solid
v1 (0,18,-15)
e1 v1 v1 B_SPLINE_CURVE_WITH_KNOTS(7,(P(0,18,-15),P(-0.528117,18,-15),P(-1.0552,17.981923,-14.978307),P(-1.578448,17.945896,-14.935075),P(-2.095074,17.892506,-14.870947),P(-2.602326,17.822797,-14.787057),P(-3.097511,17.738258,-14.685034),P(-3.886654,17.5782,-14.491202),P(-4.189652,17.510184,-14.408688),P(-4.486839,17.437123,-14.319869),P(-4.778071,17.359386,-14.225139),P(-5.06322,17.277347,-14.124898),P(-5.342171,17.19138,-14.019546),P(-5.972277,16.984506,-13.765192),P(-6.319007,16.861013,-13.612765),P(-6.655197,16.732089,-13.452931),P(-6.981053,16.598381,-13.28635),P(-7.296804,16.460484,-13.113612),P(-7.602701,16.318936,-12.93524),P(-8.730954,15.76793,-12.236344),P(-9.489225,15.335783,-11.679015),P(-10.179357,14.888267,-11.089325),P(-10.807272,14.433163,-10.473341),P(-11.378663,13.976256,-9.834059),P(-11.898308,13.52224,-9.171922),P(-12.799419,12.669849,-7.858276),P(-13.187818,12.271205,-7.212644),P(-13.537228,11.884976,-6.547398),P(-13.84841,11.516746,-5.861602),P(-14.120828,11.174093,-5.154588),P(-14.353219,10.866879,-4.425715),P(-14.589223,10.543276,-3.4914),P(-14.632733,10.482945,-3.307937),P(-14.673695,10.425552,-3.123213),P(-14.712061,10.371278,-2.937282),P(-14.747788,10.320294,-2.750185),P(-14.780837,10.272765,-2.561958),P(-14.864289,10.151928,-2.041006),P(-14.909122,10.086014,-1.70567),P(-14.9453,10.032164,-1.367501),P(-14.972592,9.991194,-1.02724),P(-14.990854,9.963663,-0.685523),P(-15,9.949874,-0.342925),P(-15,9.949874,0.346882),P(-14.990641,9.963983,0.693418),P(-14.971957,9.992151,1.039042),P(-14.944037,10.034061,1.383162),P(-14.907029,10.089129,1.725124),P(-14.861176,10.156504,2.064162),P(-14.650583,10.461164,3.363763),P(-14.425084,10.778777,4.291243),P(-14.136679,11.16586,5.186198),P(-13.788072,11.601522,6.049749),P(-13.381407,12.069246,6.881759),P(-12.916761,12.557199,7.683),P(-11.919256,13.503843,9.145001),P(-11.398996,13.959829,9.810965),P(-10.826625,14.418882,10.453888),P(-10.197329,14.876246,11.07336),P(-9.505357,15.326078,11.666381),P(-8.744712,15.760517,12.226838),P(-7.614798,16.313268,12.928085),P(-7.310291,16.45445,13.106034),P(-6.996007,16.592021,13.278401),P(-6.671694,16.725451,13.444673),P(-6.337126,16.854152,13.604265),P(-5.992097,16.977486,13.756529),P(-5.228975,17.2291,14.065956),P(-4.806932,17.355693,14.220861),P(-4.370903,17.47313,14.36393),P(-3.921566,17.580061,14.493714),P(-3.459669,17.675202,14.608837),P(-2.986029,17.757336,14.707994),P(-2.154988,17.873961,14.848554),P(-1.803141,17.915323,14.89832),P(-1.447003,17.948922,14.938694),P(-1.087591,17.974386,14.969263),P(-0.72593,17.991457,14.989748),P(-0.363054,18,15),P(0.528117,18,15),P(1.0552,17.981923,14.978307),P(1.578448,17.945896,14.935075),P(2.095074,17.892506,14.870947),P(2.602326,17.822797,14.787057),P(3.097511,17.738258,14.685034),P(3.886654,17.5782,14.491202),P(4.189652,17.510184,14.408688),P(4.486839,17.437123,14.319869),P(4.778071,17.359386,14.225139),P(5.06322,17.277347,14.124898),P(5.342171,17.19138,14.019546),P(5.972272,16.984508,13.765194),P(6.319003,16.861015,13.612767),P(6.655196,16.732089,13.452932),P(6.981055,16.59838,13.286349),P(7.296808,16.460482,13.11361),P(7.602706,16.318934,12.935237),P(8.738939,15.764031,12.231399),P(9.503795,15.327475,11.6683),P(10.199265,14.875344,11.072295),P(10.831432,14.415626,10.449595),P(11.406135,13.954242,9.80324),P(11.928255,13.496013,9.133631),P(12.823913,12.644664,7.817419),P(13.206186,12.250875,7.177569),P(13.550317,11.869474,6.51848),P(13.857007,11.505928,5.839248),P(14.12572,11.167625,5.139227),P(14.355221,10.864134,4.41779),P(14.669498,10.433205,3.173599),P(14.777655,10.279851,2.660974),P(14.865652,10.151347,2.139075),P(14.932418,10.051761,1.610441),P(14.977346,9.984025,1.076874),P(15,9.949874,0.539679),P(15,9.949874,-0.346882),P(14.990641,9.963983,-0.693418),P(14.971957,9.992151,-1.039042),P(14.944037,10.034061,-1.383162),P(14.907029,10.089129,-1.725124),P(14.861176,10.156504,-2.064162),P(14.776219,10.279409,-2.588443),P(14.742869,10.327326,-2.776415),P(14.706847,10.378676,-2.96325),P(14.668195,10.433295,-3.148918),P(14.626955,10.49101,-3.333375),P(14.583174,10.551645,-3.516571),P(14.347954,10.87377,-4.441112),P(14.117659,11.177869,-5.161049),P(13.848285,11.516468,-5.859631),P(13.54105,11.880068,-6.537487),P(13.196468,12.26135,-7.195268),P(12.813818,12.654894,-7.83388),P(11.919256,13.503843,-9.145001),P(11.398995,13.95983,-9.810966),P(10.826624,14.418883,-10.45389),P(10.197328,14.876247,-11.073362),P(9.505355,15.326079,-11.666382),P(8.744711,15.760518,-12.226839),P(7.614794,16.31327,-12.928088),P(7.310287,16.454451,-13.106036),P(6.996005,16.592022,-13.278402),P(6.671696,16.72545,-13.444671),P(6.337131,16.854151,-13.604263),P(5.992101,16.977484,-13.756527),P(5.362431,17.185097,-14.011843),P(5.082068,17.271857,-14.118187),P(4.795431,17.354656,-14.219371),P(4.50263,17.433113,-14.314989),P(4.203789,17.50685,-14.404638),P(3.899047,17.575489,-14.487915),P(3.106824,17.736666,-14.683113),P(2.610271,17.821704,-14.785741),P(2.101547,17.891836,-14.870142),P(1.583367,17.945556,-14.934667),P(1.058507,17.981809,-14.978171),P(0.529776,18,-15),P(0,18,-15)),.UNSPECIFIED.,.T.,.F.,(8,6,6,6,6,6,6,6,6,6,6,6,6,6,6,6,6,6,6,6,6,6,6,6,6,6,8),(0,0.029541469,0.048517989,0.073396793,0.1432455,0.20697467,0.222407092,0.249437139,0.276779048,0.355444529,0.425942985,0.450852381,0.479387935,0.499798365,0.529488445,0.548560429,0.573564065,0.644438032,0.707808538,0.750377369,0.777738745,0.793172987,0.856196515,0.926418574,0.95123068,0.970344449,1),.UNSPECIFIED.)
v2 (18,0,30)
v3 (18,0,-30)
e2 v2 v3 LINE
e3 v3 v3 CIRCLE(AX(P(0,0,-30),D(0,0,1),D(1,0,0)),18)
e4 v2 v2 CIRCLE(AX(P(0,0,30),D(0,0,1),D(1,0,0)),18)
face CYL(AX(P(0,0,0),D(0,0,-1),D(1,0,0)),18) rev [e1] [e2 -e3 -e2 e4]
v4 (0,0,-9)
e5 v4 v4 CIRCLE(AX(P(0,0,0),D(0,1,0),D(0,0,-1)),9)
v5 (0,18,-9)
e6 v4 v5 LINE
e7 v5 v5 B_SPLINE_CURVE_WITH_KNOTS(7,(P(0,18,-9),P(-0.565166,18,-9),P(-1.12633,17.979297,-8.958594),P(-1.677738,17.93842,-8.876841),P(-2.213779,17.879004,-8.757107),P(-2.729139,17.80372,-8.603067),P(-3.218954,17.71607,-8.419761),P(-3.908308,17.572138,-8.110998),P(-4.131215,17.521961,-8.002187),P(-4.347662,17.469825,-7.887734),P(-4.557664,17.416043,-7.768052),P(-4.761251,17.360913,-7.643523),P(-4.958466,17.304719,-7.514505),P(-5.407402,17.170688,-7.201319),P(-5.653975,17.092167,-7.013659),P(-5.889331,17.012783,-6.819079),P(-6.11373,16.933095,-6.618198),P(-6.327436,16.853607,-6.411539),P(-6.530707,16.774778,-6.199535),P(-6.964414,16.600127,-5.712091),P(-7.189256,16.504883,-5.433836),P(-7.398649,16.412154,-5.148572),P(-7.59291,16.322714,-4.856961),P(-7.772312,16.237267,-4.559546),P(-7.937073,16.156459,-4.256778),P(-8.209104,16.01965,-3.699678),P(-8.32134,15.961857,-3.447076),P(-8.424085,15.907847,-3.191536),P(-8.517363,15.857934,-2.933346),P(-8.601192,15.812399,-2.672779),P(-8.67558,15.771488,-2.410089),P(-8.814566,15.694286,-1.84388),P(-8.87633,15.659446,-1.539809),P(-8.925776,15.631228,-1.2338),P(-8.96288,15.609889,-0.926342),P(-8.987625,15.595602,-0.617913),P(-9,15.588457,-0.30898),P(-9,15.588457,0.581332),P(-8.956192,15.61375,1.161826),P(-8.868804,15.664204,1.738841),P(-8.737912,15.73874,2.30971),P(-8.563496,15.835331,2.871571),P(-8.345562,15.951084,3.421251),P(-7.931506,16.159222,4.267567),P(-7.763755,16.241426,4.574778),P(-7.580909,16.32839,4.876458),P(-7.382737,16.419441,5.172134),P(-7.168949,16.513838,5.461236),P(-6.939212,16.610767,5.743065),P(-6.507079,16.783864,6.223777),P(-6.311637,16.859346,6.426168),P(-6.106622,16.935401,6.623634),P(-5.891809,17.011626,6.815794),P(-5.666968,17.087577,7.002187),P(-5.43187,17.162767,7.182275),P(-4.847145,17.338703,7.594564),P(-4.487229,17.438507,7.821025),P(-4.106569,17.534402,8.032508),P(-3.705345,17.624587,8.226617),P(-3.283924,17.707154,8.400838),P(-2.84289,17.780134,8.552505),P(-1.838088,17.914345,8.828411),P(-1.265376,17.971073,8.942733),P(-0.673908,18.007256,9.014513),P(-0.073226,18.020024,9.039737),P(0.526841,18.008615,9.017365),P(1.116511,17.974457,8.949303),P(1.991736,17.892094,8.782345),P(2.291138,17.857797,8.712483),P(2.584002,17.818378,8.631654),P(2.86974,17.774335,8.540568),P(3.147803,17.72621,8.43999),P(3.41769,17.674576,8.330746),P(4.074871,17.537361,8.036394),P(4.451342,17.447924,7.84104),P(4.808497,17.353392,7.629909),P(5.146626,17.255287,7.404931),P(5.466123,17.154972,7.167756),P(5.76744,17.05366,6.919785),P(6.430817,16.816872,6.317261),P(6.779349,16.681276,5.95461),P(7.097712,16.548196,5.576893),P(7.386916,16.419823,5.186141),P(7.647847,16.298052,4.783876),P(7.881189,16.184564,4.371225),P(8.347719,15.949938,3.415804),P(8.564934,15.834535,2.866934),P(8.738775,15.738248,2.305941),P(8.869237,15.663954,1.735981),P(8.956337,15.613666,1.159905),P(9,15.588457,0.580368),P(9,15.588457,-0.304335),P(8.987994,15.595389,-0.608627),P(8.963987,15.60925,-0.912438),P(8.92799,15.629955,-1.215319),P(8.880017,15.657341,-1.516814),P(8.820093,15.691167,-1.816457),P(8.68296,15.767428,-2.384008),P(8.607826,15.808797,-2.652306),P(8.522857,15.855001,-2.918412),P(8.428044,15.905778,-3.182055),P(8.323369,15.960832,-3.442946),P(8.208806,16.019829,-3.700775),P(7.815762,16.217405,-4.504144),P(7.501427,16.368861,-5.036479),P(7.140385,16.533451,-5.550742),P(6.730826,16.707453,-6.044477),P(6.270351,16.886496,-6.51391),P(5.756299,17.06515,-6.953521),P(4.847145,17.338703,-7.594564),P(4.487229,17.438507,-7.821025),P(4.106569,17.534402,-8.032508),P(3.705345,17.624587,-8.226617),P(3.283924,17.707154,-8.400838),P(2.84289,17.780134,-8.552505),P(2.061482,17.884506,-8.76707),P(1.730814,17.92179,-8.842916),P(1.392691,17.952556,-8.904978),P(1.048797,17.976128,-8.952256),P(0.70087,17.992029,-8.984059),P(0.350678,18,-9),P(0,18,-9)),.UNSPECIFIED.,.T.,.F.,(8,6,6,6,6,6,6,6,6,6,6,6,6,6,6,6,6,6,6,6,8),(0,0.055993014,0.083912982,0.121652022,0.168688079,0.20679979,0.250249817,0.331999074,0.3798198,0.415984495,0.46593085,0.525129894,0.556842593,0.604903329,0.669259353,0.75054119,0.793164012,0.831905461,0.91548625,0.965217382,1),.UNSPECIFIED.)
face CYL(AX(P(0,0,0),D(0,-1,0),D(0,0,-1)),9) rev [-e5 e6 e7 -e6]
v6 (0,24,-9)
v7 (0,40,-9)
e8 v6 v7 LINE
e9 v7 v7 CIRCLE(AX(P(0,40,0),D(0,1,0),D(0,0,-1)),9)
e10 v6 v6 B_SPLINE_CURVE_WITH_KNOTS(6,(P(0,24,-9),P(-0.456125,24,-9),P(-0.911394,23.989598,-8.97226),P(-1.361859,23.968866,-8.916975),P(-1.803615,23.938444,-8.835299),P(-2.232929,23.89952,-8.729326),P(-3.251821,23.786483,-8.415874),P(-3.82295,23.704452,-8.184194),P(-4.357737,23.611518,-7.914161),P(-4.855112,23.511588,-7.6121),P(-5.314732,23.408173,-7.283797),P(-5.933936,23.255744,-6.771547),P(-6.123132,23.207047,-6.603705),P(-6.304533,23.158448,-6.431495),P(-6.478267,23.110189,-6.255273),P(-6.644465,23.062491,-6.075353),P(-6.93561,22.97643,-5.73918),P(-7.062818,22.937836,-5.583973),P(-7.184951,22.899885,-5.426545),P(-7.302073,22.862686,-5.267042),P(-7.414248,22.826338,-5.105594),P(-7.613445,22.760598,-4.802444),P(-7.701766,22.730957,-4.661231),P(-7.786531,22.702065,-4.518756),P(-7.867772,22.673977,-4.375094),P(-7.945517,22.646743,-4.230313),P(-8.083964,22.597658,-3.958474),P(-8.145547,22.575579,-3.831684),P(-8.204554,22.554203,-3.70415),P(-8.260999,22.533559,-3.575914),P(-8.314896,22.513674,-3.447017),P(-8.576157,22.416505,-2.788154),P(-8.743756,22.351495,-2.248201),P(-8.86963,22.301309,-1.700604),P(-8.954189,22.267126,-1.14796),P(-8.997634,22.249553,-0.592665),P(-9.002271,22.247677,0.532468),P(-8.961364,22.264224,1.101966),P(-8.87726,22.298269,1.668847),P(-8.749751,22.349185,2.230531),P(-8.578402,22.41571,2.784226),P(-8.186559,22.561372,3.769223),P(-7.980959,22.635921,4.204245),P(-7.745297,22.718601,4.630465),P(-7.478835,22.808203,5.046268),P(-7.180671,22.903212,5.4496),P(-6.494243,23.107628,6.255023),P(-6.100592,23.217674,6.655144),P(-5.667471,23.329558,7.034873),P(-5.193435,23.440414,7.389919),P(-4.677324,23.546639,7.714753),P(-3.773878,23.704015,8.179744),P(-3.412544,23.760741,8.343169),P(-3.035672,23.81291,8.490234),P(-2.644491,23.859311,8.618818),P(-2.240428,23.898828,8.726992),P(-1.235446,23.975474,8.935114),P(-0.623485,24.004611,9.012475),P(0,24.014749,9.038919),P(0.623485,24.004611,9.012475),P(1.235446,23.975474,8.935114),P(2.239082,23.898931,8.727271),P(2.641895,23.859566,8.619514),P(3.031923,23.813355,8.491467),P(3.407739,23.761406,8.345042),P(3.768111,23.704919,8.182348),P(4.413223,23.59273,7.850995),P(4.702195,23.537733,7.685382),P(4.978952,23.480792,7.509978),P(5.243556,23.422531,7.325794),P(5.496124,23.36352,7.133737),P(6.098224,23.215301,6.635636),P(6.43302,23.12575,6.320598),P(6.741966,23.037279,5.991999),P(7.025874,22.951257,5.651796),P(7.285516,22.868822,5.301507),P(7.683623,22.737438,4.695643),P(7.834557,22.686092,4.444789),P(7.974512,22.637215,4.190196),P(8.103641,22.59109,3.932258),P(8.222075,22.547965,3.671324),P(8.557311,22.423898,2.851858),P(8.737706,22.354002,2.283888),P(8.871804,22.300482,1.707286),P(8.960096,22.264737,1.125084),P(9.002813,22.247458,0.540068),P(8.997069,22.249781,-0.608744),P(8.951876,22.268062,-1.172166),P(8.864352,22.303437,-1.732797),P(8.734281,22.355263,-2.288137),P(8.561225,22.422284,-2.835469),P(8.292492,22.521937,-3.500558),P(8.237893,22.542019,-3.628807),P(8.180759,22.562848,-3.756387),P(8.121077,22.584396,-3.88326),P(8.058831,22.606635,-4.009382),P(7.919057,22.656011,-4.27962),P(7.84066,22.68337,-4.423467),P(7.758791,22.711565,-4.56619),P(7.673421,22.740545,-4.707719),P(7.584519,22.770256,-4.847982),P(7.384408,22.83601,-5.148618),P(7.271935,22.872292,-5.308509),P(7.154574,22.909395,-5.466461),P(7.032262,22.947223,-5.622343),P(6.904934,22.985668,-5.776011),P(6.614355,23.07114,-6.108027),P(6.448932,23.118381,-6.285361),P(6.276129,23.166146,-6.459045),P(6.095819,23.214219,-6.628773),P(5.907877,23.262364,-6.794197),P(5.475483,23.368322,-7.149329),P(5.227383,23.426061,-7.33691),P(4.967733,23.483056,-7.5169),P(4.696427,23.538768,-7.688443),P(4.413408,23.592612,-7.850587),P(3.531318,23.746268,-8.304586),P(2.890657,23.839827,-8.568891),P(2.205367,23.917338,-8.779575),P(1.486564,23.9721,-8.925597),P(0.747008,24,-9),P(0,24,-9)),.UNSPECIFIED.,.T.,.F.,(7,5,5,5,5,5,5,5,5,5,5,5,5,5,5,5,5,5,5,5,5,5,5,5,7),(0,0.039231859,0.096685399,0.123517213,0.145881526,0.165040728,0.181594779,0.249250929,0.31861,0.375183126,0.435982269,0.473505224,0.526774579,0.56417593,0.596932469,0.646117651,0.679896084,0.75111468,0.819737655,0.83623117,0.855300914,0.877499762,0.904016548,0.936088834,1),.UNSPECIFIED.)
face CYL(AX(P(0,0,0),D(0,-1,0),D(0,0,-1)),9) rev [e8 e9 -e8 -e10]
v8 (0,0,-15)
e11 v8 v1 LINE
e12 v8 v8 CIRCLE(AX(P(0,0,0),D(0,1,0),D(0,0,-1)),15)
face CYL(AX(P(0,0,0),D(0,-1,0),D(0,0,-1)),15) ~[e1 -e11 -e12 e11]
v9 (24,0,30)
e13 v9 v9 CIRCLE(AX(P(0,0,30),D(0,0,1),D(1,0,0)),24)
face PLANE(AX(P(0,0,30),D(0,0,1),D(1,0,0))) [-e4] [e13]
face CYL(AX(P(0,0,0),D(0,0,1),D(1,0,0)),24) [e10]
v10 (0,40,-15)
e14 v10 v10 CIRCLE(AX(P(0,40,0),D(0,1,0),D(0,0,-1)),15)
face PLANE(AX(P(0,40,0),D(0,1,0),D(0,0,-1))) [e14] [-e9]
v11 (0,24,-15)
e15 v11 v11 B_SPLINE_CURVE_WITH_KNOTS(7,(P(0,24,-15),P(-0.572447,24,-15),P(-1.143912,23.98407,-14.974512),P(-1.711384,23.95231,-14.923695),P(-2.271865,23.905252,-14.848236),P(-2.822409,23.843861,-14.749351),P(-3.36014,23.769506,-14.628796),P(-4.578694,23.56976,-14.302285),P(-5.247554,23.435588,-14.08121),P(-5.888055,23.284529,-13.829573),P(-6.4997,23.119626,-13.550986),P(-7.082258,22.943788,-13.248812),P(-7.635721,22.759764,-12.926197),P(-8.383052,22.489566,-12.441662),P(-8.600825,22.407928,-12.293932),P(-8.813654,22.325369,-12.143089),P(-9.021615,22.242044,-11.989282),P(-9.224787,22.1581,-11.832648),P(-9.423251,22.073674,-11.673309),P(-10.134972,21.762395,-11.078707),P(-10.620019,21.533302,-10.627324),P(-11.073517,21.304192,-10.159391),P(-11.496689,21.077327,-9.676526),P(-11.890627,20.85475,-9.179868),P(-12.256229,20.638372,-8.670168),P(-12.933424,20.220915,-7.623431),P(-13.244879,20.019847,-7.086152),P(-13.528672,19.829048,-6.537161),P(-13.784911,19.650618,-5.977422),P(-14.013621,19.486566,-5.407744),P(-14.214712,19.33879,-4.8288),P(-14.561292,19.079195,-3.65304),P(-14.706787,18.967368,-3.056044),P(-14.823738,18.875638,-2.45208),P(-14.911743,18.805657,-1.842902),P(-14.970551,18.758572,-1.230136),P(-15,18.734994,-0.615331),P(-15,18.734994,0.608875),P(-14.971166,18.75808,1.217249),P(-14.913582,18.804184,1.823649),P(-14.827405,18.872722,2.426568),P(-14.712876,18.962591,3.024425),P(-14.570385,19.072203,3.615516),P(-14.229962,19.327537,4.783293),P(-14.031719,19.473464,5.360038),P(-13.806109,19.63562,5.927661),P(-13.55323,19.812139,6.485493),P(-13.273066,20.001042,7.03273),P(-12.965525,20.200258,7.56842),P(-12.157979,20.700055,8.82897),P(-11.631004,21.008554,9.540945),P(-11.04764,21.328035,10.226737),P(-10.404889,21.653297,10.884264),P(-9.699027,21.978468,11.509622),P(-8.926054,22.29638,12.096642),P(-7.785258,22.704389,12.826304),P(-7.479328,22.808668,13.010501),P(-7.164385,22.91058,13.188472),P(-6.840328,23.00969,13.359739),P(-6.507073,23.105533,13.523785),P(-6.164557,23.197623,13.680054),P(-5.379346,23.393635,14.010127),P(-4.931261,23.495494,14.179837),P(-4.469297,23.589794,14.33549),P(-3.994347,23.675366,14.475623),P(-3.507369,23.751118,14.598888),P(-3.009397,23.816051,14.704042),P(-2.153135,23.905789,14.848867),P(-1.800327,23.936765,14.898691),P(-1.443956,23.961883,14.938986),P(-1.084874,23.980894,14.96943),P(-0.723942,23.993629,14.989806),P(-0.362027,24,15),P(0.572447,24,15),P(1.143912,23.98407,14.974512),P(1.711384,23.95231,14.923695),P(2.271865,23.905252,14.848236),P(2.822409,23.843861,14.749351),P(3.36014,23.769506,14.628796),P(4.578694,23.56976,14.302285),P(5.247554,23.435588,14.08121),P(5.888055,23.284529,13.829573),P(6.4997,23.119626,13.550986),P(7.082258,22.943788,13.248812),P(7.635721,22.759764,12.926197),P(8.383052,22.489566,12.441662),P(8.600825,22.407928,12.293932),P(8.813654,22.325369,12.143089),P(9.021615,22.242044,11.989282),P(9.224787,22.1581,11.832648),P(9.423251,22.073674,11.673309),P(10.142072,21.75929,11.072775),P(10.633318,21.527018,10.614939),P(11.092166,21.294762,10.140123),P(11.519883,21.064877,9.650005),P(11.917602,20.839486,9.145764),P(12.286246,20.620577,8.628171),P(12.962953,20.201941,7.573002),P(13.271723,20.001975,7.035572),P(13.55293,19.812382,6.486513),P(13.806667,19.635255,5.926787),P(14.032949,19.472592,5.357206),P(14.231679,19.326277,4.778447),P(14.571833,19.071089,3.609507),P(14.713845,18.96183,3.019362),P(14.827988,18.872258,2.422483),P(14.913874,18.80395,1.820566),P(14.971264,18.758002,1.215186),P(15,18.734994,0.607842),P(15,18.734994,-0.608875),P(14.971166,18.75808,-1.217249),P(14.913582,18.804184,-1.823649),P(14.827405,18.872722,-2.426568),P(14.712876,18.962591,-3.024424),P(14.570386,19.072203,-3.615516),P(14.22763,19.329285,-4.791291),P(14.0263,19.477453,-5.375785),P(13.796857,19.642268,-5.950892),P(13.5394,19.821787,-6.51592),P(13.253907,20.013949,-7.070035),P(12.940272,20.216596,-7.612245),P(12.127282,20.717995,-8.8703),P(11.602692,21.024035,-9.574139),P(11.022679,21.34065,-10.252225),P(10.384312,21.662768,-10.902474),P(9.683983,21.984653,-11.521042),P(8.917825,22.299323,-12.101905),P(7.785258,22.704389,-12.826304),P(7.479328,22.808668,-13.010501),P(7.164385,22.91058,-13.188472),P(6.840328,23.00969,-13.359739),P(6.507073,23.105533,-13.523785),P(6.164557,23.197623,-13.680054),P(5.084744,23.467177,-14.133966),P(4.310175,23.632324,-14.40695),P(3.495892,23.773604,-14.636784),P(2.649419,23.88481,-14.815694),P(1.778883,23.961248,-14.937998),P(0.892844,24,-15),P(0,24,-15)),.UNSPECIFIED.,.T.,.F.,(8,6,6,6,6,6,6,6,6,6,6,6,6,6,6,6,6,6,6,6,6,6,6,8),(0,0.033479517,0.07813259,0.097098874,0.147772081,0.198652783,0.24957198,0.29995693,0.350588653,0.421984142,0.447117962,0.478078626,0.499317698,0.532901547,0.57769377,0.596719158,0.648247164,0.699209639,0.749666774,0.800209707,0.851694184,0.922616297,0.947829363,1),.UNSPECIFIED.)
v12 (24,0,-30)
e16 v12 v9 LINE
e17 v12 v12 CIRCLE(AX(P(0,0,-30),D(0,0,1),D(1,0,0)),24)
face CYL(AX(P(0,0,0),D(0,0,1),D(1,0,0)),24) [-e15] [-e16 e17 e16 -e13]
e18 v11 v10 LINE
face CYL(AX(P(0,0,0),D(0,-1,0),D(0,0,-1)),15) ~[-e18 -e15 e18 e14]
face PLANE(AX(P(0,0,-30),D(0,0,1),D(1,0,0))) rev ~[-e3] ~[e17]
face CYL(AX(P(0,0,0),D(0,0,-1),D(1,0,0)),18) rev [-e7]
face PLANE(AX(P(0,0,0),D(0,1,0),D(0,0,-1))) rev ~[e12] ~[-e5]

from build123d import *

# Parameters (mm, degrees)
CROQUIS1_R              = 24
CROQUIS1_R_2            = 18
SALIENTE_EXTRUIR1_DEPTH = 30
CROQUIS2_R              = 15
CROQUIS2_R_2            = 9
SALIENTE_EXTRUIR2_DEPTH = 40


with BuildPart() as part:
    # Croquis1 → Saliente-Extruir1 (new, symmetric)
    with BuildSketch(Plane.XY):
        Circle(CROQUIS1_R)
        Circle(CROQUIS1_R_2, mode=Mode.SUBTRACT)
    extrude(amount=SALIENTE_EXTRUIR1_DEPTH, both=True)

    # Croquis2 → Saliente-Extruir2 (add)
    with BuildSketch(Plane(origin=(0, 0, 0), x_dir=(1, 0, 0), z_dir=(0, 1, 0))):
        with Locations(Location((0, 0, 0), (0, 0, 90))):
            Circle(CROQUIS2_R)
        with Locations(Location((0, 0, 0), (0, 0, 90))):
            Circle(CROQUIS2_R_2, mode=Mode.SUBTRACT)
    extrude(amount=SALIENTE_EXTRUIR2_DEPTH)


solid = part.part
